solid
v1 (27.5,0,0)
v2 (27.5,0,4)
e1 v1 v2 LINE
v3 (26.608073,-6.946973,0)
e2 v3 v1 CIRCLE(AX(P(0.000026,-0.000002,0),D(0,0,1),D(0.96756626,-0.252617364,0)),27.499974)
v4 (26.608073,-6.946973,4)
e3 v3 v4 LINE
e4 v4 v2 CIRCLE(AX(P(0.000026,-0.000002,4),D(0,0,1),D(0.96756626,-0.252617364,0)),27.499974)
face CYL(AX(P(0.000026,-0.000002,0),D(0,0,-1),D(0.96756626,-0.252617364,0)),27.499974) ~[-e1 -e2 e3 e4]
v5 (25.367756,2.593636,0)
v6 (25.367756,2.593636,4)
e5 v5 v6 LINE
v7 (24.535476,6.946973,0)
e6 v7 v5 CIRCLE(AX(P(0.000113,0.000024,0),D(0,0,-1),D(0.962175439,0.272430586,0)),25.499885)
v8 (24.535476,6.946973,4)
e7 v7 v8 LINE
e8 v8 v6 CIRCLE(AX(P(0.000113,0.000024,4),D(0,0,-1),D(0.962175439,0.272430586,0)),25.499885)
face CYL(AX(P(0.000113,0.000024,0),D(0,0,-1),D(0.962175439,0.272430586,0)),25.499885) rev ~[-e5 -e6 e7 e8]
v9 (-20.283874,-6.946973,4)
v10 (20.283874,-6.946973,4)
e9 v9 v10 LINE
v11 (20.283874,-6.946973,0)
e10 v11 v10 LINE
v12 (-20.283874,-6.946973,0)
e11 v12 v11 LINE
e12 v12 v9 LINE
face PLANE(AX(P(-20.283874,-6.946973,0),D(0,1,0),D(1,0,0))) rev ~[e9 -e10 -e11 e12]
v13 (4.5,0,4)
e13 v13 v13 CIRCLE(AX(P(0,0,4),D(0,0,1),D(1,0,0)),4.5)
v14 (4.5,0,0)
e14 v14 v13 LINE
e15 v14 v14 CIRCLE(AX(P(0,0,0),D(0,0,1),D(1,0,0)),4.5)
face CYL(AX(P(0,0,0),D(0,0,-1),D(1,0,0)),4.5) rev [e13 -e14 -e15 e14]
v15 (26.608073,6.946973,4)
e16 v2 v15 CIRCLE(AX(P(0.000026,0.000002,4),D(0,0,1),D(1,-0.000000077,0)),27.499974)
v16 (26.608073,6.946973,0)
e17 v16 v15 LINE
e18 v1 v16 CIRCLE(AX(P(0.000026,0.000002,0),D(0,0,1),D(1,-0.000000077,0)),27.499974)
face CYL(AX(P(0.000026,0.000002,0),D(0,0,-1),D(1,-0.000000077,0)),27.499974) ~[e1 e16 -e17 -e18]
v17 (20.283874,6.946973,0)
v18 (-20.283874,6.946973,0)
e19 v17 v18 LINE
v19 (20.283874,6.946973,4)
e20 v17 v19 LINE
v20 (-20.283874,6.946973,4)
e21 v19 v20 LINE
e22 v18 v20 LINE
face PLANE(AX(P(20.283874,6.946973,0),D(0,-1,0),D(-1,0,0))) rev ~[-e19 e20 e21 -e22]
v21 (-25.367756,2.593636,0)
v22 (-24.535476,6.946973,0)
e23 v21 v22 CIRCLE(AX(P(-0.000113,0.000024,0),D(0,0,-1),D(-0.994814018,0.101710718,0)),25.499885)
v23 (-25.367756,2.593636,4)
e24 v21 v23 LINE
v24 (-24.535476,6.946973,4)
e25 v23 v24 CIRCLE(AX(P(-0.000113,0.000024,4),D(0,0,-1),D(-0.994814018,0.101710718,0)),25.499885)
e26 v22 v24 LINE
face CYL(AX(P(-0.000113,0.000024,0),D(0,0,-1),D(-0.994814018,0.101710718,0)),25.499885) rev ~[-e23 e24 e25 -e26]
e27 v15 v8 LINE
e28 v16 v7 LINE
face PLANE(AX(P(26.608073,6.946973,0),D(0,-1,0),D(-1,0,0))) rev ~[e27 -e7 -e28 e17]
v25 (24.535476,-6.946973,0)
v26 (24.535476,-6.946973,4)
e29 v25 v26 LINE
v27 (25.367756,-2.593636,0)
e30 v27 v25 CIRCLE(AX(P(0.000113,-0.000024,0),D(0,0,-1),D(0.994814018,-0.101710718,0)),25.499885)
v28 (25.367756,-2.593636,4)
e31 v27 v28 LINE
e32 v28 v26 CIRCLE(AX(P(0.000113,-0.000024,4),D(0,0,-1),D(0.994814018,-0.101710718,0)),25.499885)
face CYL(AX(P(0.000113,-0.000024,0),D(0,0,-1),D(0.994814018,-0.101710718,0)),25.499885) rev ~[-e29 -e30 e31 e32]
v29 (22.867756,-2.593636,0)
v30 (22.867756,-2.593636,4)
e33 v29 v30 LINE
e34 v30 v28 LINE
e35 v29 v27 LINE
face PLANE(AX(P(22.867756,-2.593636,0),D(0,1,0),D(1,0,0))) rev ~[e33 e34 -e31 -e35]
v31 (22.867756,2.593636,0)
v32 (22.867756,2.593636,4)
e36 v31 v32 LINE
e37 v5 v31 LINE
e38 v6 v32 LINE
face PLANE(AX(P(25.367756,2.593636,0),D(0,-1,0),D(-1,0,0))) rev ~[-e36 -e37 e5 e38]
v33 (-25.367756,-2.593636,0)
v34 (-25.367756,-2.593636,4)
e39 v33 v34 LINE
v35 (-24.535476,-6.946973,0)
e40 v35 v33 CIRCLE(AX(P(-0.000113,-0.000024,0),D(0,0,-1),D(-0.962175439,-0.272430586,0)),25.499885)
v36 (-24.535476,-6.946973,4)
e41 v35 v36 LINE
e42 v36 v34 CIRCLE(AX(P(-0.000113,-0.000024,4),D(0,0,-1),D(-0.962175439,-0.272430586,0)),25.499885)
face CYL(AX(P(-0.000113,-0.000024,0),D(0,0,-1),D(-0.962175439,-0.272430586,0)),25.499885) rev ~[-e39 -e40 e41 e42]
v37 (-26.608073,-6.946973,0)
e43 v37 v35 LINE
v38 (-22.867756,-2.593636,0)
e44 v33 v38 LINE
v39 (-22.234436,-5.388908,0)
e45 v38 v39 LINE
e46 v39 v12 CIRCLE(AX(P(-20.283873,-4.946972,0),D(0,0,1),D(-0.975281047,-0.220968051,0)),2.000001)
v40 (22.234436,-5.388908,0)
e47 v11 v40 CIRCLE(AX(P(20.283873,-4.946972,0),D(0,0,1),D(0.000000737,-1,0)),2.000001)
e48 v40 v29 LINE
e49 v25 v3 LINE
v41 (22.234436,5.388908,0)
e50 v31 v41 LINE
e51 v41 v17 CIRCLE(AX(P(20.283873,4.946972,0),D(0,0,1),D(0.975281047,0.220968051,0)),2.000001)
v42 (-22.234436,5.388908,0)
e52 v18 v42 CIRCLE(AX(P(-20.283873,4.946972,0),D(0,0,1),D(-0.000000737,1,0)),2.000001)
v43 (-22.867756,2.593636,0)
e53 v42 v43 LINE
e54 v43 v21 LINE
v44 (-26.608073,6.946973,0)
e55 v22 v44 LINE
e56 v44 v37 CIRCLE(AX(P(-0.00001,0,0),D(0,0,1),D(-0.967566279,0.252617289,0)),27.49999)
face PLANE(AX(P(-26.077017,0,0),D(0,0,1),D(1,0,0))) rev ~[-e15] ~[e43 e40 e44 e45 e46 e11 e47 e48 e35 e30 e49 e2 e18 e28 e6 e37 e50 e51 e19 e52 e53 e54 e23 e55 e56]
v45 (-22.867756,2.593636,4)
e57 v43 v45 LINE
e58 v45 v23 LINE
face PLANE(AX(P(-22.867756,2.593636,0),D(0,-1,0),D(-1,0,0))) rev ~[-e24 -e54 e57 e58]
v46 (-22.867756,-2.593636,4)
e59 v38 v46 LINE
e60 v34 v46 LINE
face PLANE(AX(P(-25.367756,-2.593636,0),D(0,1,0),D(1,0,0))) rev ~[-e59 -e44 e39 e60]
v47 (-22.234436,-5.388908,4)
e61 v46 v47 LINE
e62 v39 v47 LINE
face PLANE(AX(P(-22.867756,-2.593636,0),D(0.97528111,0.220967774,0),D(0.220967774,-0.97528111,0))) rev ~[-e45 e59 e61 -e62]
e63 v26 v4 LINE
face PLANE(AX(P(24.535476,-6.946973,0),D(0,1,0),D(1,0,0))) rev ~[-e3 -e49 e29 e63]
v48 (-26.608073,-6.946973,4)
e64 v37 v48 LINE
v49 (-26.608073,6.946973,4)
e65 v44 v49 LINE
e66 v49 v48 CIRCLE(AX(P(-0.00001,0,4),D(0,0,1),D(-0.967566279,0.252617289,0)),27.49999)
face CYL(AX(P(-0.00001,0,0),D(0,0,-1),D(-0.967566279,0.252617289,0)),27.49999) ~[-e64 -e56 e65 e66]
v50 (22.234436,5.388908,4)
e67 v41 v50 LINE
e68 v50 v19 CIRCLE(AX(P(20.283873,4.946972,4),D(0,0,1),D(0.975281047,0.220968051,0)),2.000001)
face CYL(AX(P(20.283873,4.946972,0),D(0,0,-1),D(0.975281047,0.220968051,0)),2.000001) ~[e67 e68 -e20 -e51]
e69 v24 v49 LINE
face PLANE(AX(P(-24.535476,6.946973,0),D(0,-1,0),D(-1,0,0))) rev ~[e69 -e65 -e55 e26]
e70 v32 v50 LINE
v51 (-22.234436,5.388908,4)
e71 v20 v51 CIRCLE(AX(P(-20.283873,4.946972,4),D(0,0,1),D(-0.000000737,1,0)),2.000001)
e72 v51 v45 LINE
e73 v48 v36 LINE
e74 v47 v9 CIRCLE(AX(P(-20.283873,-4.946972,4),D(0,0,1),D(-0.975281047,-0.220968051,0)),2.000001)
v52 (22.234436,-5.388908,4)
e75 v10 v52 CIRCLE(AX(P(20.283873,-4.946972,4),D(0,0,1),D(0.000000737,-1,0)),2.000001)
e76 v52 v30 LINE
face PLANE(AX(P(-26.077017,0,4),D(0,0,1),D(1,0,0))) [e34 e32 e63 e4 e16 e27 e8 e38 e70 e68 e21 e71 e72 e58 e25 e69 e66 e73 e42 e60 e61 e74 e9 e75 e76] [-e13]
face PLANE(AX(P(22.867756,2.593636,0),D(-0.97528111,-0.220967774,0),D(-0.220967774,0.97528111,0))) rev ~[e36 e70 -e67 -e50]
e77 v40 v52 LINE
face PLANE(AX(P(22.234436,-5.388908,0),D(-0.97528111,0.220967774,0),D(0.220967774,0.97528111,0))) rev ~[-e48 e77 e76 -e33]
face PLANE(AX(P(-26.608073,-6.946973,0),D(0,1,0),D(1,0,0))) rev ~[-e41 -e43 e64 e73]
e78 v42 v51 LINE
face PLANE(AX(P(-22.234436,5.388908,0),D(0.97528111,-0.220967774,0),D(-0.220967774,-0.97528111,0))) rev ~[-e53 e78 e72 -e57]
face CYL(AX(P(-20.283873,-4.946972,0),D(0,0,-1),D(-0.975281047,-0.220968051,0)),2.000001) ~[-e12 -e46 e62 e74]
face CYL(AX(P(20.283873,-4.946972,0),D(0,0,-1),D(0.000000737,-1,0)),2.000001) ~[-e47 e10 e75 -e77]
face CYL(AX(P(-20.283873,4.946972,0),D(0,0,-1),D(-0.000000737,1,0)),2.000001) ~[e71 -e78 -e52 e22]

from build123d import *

# Parameters (mm, degrees)
F0_R     = 4.5
F1_DEPTH = 4


with BuildPart() as f1:
    # F0 (on Top) → F1 (new body)
    with BuildSketch(Plane.XY):
        with BuildLine():
            ThreePointArc((-25.367756, 2.593636), (-25.046378, 4.788421), (-24.535476, 6.946973))
            Line((-24.535476, 6.946973), (-26.608073, 6.946973))
            ThreePointArc((-26.608073, 6.946973), (-27.5, 0), (-26.608073, -6.946973))
            Line((-26.608073, -6.946973), (-24.535476, -6.946973))
            ThreePointArc((-24.535476, -6.946973), (-25.046378, -4.788421), (-25.367756, -2.593636))
            ThreePointArc((-25.367756, -2.593636), (-25.5, 0), (-25.367756, 2.593636))
        make_face()
        with BuildLine():
            ThreePointArc((25.367756, 2.593636), (25.466918, 1.298502), (25.5, 0))
            ThreePointArc((25.5, 0), (25.466918, -1.298502), (25.367756, -2.593636))
            ThreePointArc((25.367756, -2.593636), (25.046378, -4.788421), (24.535476, -6.946973))
            Line((24.535476, -6.946973), (26.608073, -6.946973))
            ThreePointArc((26.608073, -6.946973), (27.276107, -3.501998), (27.5, 0))
            ThreePointArc((27.5, 0), (27.276107, 3.501998), (26.608073, 6.946973))
            Line((26.608073, 6.946973), (24.535476, 6.946973))
            ThreePointArc((24.535476, 6.946973), (25.046378, 4.788421), (25.367756, 2.593636))
        make_face()
        with BuildLine():
            ThreePointArc((25.367756, -2.593636), (25.466918, -1.298502), (25.5, 0))
            ThreePointArc((25.5, 0), (25.466918, 1.298502), (25.367756, 2.593636))
            Line((25.367756, 2.593636), (22.867756, 2.593636))
            Line((22.867756, 2.593636), (22.234436, 5.388908))
            ThreePointArc((22.234436, 5.388908), (21.532098, 6.509642), (20.283874, 6.946973))
            Line((20.283874, 6.946973), (0, 6.946973))
            Line((0, 6.946973), (-20.283874, 6.946973))
            ThreePointArc((-20.283874, 6.946973), (-21.532098, 6.509642), (-22.234436, 5.388908))
            Line((-22.234436, 5.388908), (-22.867756, 2.593636))
            Line((-22.867756, 2.593636), (-25.367756, 2.593636))
            ThreePointArc((-25.367756, 2.593636), (-25.5, 0), (-25.367756, -2.593636))
            Line((-25.367756, -2.593636), (-22.867756, -2.593636))
            Line((-22.867756, -2.593636), (-22.234436, -5.388908))
            ThreePointArc((-22.234436, -5.388908), (-21.532098, -6.509642), (-20.283874, -6.946973))
            Line((-20.283874, -6.946973), (0, -6.946973))
            Line((0, -6.946973), (20.283874, -6.946973))
            ThreePointArc((20.283874, -6.946973), (21.532098, -6.509642), (22.234436, -5.388908))
            Line((22.234436, -5.388908), (22.867756, -2.593636))
            Line((22.867756, -2.593636), (25.367756, -2.593636))
        make_face()
        Circle(F0_R, mode=Mode.SUBTRACT)
    extrude(amount=F1_DEPTH)


solid = f1.part
